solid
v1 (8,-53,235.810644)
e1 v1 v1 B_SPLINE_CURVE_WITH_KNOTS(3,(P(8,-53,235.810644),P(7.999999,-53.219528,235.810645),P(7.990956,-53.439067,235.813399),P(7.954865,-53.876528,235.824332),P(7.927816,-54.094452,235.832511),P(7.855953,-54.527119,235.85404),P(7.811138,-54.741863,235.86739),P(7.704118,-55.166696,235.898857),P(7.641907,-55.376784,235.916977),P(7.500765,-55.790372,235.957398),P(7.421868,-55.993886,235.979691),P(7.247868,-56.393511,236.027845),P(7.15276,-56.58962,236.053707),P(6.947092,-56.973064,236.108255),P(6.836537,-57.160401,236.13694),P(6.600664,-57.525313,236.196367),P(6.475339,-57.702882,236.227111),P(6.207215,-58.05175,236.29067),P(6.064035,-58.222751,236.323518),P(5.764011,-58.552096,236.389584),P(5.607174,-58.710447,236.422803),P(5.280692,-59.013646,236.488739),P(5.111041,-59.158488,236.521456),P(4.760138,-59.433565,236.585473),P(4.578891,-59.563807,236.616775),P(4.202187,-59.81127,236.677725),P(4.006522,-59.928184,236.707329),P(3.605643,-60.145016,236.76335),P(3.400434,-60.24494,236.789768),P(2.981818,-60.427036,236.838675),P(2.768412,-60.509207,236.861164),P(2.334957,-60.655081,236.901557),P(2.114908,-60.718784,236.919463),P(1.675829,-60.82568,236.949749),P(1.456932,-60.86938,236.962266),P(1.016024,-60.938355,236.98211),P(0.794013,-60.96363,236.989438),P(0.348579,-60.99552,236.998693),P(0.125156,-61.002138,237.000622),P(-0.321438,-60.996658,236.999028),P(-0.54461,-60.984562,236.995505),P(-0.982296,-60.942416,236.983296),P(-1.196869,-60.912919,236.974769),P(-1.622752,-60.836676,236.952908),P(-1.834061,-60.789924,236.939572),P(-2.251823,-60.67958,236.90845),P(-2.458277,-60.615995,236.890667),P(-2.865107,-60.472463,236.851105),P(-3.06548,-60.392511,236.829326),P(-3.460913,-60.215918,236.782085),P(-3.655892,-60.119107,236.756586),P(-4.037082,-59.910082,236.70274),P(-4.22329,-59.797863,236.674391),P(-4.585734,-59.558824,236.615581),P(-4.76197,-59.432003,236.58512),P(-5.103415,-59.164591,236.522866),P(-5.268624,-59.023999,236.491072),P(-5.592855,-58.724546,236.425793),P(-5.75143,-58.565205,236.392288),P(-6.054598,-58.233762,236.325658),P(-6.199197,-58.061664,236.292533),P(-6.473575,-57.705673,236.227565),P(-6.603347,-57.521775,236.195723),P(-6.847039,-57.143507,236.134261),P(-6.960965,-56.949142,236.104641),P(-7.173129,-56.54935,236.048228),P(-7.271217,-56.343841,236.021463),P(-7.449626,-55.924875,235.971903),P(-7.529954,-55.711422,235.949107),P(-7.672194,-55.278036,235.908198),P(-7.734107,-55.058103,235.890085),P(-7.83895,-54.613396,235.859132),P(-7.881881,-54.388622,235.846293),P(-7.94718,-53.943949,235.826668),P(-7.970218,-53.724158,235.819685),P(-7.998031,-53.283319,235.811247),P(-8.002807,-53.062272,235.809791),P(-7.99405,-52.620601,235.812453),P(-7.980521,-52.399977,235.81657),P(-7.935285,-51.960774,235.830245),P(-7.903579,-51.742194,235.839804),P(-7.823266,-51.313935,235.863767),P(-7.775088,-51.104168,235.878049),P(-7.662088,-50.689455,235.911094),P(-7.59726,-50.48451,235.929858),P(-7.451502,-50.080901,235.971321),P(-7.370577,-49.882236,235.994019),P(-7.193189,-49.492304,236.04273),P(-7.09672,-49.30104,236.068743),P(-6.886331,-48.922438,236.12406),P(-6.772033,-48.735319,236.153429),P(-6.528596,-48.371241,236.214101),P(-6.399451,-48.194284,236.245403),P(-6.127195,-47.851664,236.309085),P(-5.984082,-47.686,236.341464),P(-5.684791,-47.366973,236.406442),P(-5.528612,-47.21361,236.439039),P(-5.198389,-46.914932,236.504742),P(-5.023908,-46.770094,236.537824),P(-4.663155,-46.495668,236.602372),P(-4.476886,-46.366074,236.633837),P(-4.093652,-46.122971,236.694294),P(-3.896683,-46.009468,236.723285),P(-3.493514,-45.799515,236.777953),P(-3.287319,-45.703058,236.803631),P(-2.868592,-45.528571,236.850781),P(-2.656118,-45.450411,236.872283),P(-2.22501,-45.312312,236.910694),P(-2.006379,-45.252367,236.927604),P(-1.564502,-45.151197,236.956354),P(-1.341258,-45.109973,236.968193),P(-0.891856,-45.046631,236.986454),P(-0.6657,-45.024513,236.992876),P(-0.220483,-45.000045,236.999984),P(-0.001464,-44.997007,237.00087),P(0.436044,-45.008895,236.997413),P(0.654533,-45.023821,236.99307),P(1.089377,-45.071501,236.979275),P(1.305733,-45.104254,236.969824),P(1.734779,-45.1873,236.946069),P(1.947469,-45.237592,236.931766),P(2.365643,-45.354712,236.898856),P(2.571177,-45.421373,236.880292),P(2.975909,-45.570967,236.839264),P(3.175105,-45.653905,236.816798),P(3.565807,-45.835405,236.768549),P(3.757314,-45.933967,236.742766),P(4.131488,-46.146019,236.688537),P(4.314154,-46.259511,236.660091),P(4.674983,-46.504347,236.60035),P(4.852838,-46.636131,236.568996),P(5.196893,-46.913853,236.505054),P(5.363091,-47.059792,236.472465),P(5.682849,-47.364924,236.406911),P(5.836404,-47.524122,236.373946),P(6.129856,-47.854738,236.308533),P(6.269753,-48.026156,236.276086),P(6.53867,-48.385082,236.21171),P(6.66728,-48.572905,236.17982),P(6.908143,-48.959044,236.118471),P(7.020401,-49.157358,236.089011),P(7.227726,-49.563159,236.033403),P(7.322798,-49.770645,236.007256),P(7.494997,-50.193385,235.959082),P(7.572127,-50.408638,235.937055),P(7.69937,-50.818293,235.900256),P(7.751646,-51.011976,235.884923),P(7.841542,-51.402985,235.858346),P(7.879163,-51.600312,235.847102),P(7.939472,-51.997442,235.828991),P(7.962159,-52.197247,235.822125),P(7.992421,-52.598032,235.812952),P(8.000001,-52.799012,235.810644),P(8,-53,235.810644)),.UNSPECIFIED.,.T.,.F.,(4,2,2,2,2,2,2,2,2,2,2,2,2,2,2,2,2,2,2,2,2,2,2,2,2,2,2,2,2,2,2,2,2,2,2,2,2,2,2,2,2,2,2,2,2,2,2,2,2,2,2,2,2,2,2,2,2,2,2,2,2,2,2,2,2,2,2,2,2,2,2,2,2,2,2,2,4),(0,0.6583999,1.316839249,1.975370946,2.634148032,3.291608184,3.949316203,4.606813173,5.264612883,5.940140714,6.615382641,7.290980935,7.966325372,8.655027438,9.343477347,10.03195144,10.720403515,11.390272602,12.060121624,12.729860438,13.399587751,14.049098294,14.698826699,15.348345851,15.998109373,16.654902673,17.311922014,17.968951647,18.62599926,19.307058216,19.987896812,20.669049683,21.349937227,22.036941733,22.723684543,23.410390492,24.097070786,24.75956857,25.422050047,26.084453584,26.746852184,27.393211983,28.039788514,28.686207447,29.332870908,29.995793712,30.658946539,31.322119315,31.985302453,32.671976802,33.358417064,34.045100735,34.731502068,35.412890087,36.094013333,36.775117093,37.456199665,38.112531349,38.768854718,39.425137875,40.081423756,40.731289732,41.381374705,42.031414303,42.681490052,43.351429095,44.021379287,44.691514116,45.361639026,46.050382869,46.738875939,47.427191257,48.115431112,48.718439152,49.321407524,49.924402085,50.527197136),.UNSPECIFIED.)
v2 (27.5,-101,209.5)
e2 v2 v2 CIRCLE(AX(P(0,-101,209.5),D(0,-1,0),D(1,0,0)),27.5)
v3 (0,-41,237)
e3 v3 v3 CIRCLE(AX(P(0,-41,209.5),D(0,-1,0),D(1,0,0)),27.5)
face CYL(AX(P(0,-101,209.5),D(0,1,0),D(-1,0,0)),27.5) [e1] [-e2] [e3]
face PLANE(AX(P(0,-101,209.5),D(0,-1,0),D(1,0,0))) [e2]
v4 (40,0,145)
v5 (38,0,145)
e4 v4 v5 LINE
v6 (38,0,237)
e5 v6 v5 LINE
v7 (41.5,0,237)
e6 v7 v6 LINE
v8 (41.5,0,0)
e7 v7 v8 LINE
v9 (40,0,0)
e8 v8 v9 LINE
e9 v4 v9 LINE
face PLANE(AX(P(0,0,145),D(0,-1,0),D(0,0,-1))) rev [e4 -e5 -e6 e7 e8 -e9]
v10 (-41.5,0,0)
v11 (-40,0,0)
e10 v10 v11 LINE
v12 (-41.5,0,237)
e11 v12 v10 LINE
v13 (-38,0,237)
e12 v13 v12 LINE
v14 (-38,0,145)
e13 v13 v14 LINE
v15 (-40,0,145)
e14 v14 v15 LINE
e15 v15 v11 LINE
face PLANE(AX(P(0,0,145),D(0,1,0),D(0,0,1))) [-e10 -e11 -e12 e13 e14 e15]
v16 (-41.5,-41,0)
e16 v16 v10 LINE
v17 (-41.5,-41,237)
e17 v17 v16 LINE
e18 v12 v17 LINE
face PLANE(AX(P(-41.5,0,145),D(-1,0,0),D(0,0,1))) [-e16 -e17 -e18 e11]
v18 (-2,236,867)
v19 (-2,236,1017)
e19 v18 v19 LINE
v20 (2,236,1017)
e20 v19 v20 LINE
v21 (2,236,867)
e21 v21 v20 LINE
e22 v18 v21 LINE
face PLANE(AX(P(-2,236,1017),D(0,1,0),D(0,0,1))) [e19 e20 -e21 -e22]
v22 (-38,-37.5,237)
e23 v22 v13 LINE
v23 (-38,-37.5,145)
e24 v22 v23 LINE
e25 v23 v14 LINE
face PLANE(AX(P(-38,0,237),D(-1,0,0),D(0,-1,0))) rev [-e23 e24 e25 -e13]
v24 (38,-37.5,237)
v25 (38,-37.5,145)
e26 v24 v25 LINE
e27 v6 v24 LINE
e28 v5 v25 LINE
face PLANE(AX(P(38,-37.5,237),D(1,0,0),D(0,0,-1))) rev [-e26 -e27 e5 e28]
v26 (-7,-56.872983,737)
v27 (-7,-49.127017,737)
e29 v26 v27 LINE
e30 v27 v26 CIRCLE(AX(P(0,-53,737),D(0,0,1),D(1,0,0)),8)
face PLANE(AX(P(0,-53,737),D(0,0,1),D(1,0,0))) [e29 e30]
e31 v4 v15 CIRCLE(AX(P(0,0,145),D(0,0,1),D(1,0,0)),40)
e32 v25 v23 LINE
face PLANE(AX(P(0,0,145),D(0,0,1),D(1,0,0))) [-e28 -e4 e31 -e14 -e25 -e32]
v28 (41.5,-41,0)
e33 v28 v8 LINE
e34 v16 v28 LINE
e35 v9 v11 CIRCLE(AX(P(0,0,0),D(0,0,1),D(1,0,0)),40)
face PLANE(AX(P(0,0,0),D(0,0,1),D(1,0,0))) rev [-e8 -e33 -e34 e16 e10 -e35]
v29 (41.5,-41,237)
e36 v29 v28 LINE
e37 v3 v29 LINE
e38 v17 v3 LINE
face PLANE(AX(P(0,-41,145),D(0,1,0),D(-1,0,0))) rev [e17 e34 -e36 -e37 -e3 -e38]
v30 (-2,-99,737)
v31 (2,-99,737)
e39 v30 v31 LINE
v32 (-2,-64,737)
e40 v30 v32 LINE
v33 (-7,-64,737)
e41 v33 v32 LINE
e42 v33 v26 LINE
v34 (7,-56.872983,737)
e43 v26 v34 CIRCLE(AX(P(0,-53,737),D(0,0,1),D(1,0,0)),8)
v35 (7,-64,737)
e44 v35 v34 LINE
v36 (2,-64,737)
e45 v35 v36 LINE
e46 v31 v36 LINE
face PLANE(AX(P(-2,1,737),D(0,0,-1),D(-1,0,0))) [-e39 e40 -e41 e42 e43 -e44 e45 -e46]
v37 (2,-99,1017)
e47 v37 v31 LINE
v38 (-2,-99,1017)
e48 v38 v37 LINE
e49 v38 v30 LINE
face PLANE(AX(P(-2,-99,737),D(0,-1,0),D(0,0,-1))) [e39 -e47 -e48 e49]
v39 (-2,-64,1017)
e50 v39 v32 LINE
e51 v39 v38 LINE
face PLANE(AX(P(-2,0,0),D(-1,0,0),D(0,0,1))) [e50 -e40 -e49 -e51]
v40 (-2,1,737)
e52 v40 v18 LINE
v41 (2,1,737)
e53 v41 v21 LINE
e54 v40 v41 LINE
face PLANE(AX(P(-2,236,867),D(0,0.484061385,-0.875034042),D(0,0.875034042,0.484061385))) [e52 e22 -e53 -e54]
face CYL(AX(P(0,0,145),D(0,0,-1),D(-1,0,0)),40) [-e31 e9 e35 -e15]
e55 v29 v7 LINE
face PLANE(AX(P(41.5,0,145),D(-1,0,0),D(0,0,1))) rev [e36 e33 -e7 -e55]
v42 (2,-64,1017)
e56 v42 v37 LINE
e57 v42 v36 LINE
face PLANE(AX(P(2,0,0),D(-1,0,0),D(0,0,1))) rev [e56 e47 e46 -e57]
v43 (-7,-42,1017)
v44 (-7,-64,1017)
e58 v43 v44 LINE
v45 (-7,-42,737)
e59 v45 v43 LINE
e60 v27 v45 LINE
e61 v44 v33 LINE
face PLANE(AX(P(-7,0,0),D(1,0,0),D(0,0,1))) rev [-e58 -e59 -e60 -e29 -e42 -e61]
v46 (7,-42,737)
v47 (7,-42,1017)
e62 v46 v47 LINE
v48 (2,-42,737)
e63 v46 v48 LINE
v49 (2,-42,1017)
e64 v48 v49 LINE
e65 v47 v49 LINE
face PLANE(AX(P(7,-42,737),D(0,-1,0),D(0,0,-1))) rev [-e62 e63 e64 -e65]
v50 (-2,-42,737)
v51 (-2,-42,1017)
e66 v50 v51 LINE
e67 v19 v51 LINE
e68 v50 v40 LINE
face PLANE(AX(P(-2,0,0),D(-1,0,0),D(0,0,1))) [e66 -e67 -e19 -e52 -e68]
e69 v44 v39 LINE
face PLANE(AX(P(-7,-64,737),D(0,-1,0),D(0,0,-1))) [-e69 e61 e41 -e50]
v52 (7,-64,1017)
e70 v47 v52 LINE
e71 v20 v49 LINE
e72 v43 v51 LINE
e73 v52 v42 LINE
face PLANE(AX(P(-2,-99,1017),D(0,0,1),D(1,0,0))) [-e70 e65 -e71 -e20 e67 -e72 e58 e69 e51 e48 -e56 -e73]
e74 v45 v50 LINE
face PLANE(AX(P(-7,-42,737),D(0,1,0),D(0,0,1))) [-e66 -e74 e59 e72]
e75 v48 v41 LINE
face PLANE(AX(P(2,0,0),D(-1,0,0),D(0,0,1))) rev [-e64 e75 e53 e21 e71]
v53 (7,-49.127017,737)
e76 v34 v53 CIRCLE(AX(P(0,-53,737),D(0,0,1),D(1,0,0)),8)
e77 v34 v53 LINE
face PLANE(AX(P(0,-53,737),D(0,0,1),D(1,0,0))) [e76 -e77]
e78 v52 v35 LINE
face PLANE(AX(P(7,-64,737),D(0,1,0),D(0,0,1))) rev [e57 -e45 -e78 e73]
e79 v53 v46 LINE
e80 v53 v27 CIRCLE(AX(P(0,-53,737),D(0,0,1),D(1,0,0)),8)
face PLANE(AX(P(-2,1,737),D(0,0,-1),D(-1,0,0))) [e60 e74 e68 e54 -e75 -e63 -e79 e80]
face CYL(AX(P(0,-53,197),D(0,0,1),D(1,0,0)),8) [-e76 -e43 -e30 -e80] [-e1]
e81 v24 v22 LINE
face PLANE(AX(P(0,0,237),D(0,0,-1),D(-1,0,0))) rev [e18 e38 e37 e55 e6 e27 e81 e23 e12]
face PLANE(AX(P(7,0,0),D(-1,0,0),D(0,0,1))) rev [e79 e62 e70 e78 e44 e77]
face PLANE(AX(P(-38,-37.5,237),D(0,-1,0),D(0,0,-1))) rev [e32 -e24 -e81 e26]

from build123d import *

# Parameters (mm, degrees)
P_IDAT_VYSUNUT_M1_DEPTH      = 145
P_IDAT_VYSUNUT_M2_DEPTH      = 92
SKICA3_R                     = 27.5
P_IDAT_VYSUNUT_M3_DEPTH      = 60
P_IDAT_VYSUNUT_M4_DEPTH      = 500
P_IDAT_VYSUNUT_M4_DEPTH_BACK = 40
SKICA4_R                     = 8
P_IDAT_VYSUNUT_M5_DEPTH      = 2
P_IDAT_VYSUNUT_M5_DEPTH_BACK = 2
SKICA6_W                     = 280
SKICA6_H                     = 22
P_IDAT_VYSUNUT_M6_DEPTH      = 5


with BuildPart() as part:
    # Skica1 → Přidat vysunutím1 (new body)
    with BuildSketch(Plane.XY):
        with BuildLine():
            Line((-41.5, 0), (-41.5, -41))
            Line((-41.5, -41), (41.5, -41))
            Line((41.5, -41), (41.5, 0))
            Line((41.5, 0), (40, 0))
            ThreePointArc((40, 0), (0, 40), (-40, 0))
            Line((-40, 0), (-41.5, 0))
        make_face()
    extrude(amount=P_IDAT_VYSUNUT_M1_DEPTH)

    # Skica2 → Přidat vysunutím2 (add)
    with BuildSketch(Plane.XY.offset(145)):
        Polygon((-41.5, 0), (-38, 0), (-38, -37.5), (38, -37.5), (38, 0), (41.5, 0), (41.5, -41), (-41.5, -41), align=None)
    extrude(amount=P_IDAT_VYSUNUT_M2_DEPTH)

    # Skica3 → Přidat vysunutím3 (add)
    with BuildSketch(Plane.XZ.offset(41)):
        with Locations(Location((0, 209.5, 0), (0, 0, 90))):
            Circle(SKICA3_R)
    extrude(amount=P_IDAT_VYSUNUT_M3_DEPTH)

    # Skica4 → Přidat vysunutím4 (add, two sides: drawn at the far end of the back side and taken through both)
    with BuildSketch(Plane.XY.offset(237).offset(-P_IDAT_VYSUNUT_M4_DEPTH_BACK)):
        with Locations((0, -53)):
            Circle(SKICA4_R)
    extrude(amount=P_IDAT_VYSUNUT_M4_DEPTH + P_IDAT_VYSUNUT_M4_DEPTH_BACK)

    # Skica5 → Přidat vysunutím5 (add, two sides: drawn at the far end of the back side and taken through both)
    with BuildSketch(Plane(origin=(0, 0, 0), x_dir=(0, 0, -1), z_dir=(1, 0, 0)).offset(-P_IDAT_VYSUNUT_M5_DEPTH_BACK)):
        Polygon((-737, 1), (-737, -99), (-1017, -99), (-1017, 236), (-867, 236), align=None)
    extrude(amount=P_IDAT_VYSUNUT_M5_DEPTH + P_IDAT_VYSUNUT_M5_DEPTH_BACK)

    # Skica6 → Přidat vysunutím6 (add)
    with BuildSketch(Plane(origin=(2, 0, 0), x_dir=(0, 0, -1), z_dir=(1, 0, 0))):
        with Locations((-877, -53)):
            Rectangle(SKICA6_W, SKICA6_H)
    p_idat_vysunut_m6 = extrude(amount=P_IDAT_VYSUNUT_M6_DEPTH)

    # Zrcadlit1: Přidat vysunutím6 across plane
    add(p_idat_vysunut_m6.mirror(Plane(origin=(0, 0, 0), x_dir=(0, 0, 1), z_dir=(1, 0, 0))))


solid = part.part
